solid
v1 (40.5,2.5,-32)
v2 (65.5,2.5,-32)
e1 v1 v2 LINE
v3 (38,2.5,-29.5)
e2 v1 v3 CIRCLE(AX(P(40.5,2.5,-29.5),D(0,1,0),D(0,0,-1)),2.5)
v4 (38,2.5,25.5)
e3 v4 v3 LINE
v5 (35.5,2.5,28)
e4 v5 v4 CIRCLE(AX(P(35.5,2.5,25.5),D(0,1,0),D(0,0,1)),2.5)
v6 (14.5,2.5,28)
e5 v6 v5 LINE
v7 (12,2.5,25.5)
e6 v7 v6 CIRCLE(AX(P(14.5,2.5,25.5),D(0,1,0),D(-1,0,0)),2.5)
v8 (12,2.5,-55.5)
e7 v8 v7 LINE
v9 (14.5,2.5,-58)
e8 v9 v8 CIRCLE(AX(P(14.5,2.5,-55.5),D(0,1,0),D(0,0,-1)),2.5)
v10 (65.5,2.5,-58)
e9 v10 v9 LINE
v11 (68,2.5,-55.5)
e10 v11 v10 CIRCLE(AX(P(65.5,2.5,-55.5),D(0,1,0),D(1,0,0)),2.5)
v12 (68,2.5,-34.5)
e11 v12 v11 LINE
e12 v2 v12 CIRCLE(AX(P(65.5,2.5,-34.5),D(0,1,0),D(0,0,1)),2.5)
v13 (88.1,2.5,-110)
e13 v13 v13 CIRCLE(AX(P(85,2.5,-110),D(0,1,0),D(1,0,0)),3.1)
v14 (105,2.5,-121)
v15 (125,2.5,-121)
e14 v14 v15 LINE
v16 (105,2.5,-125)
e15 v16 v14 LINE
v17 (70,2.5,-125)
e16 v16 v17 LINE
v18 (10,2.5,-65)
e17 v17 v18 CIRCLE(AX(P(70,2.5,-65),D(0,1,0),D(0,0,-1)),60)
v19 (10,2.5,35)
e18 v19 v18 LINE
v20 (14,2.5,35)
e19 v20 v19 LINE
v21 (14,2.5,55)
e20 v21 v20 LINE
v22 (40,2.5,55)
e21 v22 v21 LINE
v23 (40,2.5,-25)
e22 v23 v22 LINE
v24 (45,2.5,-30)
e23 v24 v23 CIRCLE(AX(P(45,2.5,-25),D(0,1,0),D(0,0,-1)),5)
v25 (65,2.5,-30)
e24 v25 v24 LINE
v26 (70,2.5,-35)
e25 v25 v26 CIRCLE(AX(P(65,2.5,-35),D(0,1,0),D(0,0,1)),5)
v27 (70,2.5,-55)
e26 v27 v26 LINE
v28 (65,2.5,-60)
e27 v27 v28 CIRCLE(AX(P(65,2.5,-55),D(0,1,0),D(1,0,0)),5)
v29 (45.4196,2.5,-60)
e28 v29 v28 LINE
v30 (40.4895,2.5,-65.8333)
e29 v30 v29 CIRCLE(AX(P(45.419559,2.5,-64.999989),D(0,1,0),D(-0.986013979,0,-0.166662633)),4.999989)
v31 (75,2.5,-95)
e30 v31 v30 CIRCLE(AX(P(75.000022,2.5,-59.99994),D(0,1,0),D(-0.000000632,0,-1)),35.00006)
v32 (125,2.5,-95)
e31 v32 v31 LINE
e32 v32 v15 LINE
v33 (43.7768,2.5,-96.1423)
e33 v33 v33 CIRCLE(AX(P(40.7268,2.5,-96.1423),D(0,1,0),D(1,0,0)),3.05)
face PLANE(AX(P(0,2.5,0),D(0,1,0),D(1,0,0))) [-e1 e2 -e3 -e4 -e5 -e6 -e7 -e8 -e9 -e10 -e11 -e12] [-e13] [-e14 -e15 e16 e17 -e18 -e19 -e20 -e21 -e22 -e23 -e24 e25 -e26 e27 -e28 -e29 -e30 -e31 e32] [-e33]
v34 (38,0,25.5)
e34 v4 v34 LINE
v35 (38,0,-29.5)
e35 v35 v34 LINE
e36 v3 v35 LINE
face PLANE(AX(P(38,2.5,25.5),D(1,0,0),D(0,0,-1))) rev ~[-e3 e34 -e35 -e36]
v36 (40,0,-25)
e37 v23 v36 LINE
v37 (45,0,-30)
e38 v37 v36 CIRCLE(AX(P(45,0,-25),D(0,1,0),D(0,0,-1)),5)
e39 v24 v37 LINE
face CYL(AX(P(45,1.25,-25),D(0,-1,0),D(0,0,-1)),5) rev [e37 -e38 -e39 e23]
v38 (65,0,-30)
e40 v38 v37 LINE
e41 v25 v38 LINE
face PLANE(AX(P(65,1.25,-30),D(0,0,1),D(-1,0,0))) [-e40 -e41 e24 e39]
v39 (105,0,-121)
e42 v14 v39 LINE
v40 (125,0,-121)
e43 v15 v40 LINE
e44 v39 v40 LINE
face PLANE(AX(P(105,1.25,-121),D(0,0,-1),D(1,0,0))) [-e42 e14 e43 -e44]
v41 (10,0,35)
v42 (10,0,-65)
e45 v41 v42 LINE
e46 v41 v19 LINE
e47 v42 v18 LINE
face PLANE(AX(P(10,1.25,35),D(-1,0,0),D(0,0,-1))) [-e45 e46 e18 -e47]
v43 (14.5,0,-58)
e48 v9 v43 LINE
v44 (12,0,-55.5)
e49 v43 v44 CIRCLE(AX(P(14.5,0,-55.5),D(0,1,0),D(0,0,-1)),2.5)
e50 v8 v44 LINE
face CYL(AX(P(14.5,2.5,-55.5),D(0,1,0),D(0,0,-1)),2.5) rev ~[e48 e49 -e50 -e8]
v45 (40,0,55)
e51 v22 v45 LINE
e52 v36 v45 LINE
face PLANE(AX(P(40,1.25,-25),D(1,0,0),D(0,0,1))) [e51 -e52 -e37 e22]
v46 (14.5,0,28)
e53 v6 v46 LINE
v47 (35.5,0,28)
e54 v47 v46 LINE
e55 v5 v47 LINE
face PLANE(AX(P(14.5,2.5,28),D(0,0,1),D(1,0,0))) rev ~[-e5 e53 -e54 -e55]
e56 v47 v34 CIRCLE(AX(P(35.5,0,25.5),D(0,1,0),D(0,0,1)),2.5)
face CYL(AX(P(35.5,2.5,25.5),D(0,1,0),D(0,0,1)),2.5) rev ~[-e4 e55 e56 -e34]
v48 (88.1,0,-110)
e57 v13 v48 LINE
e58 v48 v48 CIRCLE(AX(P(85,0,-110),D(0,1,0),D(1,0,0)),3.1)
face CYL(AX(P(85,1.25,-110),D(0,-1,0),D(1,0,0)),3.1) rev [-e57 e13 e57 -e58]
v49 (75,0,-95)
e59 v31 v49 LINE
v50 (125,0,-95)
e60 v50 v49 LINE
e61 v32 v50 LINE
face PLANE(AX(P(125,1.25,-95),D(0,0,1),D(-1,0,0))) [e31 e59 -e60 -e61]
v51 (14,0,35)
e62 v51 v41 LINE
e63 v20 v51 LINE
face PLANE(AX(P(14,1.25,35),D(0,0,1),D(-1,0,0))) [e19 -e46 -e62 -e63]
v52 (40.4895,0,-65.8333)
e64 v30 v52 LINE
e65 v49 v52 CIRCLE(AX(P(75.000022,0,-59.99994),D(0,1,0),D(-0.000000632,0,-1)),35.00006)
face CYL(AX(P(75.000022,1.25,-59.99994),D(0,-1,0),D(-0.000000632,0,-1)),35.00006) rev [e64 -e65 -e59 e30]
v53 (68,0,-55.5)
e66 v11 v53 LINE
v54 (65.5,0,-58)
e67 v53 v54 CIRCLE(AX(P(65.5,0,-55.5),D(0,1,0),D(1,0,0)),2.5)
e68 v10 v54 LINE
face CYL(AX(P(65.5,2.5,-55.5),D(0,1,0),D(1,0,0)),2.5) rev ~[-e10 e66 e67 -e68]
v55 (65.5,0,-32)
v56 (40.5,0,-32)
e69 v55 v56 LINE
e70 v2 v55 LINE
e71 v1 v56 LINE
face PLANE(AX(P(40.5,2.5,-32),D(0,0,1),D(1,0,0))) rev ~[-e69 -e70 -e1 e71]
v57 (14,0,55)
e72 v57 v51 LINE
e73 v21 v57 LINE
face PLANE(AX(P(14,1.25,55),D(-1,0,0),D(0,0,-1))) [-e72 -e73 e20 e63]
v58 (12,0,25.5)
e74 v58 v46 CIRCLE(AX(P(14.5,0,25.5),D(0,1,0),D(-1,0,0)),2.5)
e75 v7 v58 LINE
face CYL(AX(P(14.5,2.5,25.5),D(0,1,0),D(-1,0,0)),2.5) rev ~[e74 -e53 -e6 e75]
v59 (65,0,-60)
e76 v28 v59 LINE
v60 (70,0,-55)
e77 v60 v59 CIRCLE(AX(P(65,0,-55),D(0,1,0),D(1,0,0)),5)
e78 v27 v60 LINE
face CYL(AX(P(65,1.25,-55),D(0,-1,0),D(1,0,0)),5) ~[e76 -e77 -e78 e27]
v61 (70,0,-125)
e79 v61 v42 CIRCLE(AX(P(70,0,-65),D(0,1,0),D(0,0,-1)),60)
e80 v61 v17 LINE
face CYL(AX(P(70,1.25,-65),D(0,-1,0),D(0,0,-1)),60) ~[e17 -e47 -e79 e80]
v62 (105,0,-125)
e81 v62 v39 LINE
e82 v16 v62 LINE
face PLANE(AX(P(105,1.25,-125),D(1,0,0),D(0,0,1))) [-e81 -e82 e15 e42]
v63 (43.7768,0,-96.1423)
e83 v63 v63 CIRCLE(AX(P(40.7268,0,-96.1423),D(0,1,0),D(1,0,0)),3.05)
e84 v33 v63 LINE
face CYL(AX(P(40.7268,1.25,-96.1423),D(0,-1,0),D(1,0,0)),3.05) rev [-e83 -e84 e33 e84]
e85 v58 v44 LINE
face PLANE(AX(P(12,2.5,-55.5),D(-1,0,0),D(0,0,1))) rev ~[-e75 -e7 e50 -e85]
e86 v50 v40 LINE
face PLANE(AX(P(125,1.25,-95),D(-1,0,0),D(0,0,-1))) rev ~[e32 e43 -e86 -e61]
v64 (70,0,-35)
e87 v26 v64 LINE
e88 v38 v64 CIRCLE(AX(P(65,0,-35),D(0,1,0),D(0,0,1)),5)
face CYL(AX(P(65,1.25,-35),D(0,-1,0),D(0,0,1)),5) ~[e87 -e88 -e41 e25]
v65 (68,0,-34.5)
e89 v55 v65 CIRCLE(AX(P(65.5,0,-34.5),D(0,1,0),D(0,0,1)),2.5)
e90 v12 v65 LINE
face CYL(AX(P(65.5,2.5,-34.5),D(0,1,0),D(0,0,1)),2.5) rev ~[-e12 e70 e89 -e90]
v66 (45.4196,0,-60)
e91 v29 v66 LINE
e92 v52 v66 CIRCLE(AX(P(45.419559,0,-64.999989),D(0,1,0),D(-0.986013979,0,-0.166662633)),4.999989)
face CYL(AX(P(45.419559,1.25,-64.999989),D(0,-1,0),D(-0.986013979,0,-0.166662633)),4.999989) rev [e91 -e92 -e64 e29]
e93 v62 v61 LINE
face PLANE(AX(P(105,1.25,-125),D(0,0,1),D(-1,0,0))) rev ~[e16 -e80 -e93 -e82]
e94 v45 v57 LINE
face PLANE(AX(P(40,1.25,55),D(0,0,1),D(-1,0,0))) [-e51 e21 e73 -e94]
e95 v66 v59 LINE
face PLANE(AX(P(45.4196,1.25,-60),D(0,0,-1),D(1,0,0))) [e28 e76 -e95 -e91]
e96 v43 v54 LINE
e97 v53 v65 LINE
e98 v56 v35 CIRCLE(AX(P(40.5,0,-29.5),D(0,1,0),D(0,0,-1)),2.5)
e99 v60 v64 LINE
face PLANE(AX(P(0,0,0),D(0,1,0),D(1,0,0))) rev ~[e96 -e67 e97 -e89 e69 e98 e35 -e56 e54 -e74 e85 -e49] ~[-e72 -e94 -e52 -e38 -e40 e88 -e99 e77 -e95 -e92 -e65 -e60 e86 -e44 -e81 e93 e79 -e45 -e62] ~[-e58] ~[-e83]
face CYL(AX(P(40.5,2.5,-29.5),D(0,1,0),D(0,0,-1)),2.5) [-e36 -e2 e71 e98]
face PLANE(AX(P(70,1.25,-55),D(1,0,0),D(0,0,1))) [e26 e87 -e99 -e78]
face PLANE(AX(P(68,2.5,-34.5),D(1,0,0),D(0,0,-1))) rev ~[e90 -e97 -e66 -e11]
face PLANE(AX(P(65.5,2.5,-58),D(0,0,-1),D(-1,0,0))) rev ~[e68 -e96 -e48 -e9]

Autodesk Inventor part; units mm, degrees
ref_plane "РабПлоскость1" through (0, 1.25, 0) normal (0, 1, 0) x (1, 0, 0)
sketch "Эскиз2" plane through (0, 1.25, 0) normal (0, 1, 0) x (1, 0, 0)
  arc A0 (70, 125) -> (10, 65) centre (70, 65) ccw projected
  line L0 (105, 125) -> (105, 121) projected
  line L1 (105, 121) -> (125, 121) projected
  line L2 (125, 95) -> (75, 95) projected
  line L3 (125, -125) -> (125, 125) projected
  arc A1 (75, 95) -> (40.4895, 65.8333) centre (75, 60) ccw projected
  arc A2 (40.4895, 65.8333) -> (45.4196, 60) centre (45.4196, 65) ccw projected
  line L4 (45.4196, 60) -> (65, 60) projected
  arc A3 (70, 55) -> (65, 60) centre (65, 55) ccw projected
  line L5 (70, 55) -> (70, 35) projected
  line L6 (125, 125) -> (-125, 125) projected
  line L7 (10, -35) -> (10, 65) projected
  line L8 (40, 25) -> (40, -55) projected
  arc A4 (45, 30) -> (40, 25) centre (45, 25) ccw projected
  line L9 (65, 30) -> (45, 30) projected
  arc A5 (65, 30) -> (70, 35) centre (65, 35) ccw projected
  line L10 (14, -35) -> (10, -35) projected
  line L11 (14, -55) -> (14, -35) projected
  line L12 (40, -55) -> (14, -55) projected
  circle A6 centre (25, -15) radius 3.1 projected
  circle A7 centre (25, 15) radius 3.1 projected
  circle A8 centre (25, 45) radius 3.1 projected
  circle A9 centre (55, 45) radius 3.1 projected
  circle A10 centre (40.7268, 96.1423) radius 3.05 projected
  circle A11 centre (85, 110) radius 3.1 projected
  point P0 (0, 0)
extrude "Выдавливание2" add sketch "Эскиз2" along normal mid plane 2.5 contours L6 L0 L1 L3 L2 A1 A2 L4 A3 L5 A5 L9 A4 L8 L12 L11 L10 L7 A0
sketch "Эскиз3" plane through (0, 2.5, 0) normal (0, 1, 0) x (1, 0, 0)
  line L0 (65.5, 58) -> (14.5, 58) projected
  arc A0 (14.5, 58) -> (12, 55.5) centre (14.5, 55.5) ccw projected
  line L1 (12, 55.5) -> (12, -25.5) projected
  arc A1 (68, 55.5) -> (65.5, 58) centre (65.5, 55.5) ccw projected
  line L2 (68, 34.5) -> (68, 55.5) projected
  arc A2 (65.5, 32) -> (68, 34.5) centre (65.5, 34.5) ccw projected
  line L3 (40.5, 32) -> (65.5, 32) projected
  arc A3 (40.5, 32) -> (38, 29.5) centre (40.5, 29.5) ccw projected
  line L4 (38, -25.5) -> (38, 29.5) projected
  arc A4 (35.5, -28) -> (38, -25.5) centre (35.5, -25.5) ccw projected
  line L5 (14.5, -28) -> (35.5, -28) projected
  arc A5 (12, -25.5) -> (14.5, -28) centre (14.5, -25.5) ccw projected
  point P0 (0, 0)
extrude "Выдавливание3" cut sketch "Эскиз3" against normal up to next
properties part number "Проставка_платформы_и_столба"
